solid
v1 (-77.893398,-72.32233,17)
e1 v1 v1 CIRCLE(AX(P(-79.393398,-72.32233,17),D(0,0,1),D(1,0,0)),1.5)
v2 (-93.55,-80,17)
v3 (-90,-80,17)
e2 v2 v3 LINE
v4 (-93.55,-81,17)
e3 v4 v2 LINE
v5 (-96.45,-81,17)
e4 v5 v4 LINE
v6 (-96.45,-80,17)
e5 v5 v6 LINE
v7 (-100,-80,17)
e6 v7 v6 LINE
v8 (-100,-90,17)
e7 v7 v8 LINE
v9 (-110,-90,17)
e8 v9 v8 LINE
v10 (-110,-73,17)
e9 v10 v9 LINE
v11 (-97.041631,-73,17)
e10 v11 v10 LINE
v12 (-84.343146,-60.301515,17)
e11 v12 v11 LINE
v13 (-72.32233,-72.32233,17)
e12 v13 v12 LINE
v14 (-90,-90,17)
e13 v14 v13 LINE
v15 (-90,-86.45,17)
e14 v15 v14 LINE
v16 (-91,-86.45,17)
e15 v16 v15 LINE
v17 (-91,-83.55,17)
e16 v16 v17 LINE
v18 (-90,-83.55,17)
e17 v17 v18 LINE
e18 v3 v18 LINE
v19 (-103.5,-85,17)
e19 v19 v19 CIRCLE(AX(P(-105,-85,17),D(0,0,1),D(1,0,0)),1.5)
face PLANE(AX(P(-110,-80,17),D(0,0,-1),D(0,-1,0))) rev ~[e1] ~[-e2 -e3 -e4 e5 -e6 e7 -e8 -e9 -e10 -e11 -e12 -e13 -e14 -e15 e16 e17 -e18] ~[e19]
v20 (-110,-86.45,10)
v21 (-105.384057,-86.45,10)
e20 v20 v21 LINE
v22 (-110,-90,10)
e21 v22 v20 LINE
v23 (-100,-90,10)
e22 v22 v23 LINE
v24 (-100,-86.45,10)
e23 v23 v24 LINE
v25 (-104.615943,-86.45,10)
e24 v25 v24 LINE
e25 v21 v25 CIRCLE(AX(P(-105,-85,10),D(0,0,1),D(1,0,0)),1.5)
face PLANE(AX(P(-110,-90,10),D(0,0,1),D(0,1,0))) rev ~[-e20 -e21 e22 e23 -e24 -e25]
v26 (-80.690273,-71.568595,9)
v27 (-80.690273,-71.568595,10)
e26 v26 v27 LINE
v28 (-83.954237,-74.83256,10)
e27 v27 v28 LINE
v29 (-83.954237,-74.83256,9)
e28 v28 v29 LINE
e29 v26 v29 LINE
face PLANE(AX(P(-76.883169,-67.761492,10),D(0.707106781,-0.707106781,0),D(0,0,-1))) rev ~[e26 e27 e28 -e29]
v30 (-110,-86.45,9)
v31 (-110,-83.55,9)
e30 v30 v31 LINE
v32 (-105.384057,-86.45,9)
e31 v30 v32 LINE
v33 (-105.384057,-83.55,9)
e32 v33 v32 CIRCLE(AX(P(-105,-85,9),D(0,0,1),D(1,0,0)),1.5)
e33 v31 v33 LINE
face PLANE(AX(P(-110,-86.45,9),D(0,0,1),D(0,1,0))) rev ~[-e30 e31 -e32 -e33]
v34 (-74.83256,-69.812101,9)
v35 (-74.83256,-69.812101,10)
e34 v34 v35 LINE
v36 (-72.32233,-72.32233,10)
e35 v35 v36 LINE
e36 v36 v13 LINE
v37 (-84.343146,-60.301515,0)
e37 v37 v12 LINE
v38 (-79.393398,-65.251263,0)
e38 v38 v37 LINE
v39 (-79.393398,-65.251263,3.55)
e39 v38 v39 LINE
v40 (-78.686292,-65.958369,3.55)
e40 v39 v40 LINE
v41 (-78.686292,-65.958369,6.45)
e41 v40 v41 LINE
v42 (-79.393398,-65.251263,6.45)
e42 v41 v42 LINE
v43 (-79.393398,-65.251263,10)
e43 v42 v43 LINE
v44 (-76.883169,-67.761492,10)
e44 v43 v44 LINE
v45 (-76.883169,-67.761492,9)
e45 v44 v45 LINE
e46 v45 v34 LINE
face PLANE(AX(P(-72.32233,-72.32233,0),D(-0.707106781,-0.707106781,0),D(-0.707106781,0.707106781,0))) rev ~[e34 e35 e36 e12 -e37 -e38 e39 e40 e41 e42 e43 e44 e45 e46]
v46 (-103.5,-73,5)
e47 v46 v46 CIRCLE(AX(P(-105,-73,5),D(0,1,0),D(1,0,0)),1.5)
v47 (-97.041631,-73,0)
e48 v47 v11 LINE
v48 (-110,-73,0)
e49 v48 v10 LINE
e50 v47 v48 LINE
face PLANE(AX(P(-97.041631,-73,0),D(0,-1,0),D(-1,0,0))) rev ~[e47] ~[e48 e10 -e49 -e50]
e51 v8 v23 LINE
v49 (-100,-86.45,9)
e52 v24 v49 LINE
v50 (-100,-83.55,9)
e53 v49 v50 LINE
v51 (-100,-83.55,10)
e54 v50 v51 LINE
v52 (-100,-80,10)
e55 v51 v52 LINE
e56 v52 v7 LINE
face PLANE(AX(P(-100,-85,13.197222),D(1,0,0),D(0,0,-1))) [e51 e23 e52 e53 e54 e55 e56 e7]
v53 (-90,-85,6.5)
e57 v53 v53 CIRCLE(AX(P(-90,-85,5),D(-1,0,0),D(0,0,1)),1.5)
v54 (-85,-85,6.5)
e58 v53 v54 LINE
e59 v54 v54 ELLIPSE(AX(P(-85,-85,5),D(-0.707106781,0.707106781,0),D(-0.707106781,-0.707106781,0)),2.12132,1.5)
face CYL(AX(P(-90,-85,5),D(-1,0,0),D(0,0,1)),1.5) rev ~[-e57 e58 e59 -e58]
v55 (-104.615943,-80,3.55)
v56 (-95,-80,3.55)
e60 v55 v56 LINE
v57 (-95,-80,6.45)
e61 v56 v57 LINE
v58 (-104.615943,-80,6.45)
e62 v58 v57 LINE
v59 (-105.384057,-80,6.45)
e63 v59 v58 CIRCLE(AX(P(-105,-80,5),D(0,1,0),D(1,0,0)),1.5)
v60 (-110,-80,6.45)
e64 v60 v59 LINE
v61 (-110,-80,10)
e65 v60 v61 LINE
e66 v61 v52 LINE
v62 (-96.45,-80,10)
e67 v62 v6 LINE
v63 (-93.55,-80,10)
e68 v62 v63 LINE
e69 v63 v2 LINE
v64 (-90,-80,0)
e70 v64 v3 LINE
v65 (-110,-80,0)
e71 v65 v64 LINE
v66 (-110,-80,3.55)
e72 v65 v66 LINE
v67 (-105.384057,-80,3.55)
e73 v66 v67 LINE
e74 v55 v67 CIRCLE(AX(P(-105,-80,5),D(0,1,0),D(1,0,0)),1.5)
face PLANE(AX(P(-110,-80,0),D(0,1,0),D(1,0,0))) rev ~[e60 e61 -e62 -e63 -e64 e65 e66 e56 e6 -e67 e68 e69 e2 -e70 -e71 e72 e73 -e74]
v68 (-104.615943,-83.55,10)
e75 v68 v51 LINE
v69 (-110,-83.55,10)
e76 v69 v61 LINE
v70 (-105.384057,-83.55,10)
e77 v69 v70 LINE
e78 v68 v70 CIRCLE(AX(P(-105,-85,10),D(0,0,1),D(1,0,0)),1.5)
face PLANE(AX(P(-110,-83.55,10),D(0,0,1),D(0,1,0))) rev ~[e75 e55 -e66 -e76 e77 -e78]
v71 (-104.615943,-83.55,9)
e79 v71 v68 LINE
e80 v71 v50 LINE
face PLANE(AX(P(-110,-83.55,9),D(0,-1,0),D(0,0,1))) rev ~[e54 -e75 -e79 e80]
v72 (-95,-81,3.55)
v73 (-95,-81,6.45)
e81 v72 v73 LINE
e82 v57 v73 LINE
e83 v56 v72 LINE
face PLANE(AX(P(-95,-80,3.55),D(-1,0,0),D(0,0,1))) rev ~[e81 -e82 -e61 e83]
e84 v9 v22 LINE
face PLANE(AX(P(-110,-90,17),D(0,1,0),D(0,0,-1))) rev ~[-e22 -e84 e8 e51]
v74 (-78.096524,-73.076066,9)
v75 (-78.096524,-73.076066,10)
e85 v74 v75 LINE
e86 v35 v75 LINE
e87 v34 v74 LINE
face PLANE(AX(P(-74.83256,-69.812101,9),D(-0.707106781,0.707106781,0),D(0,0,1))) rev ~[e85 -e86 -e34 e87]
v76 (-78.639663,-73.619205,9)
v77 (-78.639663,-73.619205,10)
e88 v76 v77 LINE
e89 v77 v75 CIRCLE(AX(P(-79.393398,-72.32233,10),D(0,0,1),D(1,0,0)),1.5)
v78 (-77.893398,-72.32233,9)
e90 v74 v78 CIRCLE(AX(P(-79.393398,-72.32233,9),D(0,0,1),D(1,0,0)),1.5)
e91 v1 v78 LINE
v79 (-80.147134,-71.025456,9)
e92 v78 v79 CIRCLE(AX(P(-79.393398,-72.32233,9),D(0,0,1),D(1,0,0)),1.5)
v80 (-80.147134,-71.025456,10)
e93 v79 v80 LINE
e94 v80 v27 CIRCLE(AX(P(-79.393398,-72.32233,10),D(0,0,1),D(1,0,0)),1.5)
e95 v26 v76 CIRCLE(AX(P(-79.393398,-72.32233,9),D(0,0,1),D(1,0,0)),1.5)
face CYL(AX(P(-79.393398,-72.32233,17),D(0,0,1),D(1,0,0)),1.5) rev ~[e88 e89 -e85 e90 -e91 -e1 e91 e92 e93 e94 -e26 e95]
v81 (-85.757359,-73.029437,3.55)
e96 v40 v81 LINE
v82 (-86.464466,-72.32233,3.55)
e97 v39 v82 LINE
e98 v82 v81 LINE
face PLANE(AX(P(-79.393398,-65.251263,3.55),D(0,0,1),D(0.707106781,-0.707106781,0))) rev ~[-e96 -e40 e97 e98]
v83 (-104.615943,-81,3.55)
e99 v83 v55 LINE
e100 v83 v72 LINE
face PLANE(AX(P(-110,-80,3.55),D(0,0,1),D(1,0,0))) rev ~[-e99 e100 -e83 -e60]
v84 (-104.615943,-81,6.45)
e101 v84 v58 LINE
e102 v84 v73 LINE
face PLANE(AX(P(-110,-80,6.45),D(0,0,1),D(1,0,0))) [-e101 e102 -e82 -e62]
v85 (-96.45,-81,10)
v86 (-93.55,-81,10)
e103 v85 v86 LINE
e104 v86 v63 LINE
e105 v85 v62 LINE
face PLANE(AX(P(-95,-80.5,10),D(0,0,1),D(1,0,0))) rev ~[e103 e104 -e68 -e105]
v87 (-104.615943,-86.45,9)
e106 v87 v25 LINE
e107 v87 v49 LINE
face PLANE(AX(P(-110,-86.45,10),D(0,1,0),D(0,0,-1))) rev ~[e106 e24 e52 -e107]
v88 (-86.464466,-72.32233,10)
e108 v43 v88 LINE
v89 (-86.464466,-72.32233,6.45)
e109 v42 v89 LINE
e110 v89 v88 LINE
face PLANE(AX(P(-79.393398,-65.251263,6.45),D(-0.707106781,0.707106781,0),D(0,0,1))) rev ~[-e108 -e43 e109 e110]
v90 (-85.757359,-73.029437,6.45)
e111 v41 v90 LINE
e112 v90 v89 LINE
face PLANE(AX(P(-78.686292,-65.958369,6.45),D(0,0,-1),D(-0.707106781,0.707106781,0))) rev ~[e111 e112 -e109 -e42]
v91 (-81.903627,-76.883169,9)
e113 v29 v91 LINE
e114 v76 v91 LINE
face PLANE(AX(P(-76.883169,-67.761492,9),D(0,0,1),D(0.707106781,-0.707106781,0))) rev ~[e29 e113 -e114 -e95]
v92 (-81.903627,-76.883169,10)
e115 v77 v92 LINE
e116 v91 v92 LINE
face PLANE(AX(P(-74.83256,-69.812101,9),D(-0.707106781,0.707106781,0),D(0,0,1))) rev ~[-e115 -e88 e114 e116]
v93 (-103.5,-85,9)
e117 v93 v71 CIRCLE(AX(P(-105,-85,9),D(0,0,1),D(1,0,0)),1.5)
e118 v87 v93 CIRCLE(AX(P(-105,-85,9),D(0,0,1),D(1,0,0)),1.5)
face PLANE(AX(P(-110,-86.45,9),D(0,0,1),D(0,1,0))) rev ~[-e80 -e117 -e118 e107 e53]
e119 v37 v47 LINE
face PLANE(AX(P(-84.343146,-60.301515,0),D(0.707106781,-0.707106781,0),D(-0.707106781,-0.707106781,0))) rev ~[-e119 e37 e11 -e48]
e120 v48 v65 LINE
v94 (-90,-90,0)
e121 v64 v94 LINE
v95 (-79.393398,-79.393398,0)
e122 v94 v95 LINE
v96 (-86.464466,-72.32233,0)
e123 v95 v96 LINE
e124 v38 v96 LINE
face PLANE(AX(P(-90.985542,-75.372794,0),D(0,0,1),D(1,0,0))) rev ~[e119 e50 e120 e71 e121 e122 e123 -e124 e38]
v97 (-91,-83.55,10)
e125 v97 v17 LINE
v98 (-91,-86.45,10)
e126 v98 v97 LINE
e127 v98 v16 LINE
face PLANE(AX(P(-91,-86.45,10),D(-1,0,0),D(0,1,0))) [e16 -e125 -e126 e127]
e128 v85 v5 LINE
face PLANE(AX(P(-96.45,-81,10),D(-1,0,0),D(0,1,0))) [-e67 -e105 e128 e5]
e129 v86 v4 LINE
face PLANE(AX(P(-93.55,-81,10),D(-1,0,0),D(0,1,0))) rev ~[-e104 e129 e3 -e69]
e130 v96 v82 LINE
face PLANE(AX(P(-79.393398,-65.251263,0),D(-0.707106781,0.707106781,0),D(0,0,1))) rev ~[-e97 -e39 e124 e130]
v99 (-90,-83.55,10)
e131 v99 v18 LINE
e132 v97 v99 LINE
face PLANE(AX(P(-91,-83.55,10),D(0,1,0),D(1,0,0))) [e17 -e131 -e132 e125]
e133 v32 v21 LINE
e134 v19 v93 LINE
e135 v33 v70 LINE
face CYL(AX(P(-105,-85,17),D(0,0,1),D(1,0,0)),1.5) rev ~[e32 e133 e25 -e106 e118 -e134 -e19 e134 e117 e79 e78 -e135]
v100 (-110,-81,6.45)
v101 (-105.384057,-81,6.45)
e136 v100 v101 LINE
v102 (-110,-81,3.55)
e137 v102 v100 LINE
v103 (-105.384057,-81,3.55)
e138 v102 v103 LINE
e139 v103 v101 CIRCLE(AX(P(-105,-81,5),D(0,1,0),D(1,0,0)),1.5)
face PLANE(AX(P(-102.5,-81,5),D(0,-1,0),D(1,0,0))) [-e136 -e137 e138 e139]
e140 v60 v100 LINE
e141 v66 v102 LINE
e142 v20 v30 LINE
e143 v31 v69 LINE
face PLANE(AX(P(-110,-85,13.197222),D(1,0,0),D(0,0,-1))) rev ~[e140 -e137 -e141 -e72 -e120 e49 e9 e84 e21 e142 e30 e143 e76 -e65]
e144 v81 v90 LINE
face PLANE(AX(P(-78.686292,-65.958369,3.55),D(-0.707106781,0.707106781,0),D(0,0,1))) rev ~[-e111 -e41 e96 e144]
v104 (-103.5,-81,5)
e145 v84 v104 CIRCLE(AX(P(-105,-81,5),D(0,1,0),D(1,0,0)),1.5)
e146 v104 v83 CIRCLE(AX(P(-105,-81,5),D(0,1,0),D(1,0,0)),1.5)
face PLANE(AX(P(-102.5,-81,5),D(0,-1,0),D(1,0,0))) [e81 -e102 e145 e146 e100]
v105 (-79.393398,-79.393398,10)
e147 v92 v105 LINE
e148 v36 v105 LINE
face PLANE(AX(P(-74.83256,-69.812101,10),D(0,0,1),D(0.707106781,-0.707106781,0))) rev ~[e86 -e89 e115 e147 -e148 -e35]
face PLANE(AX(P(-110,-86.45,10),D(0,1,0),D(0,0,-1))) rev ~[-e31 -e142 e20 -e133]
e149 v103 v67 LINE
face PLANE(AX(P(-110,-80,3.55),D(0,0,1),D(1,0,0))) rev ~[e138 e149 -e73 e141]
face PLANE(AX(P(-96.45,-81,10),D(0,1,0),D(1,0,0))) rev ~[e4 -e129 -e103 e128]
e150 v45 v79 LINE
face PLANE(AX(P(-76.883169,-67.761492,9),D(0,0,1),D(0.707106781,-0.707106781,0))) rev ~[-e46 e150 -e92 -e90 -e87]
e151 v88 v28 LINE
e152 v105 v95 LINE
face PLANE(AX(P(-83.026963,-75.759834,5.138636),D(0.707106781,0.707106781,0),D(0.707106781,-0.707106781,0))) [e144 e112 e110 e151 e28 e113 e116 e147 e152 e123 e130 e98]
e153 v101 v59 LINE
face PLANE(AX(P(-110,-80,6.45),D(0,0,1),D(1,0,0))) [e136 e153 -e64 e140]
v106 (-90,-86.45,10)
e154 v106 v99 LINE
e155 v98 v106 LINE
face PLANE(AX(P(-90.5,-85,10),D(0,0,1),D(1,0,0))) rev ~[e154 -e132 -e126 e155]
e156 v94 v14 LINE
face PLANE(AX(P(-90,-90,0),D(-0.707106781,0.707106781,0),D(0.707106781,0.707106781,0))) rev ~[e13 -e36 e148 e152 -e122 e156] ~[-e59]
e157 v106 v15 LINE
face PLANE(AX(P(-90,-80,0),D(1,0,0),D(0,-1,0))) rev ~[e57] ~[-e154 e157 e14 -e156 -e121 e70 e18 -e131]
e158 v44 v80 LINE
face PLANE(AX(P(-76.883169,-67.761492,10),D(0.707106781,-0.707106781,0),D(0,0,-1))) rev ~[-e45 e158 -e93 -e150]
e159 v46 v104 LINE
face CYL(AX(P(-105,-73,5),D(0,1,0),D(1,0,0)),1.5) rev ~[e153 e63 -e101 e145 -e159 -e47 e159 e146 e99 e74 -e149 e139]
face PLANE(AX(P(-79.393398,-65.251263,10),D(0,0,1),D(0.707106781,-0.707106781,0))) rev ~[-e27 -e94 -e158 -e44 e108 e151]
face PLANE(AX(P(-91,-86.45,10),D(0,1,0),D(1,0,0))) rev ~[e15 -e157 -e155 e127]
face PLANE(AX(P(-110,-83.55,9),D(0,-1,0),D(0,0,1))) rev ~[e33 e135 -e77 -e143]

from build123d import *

# Parameters (mm, degrees)
MAIN_DEPTH          = 17
CUT_EXTRUDE1_DEPTH  = 10
SKETCH3_R           = 1.5
CUT_EXTRUDE2_DEPTH  = 18
SKETCH4_W           = 2.9
SKETCH4_H           = 1
SKETCH4_W_2         = 1
SKETCH4_H_2         = 2.9
BOSS_EXTRUDE1_DEPTH = 7
SKETCH5_W           = 15
SKETCH5_H           = 2.9
BOSS_EXTRUDE2_DEPTH = 1
SKETCH6_R           = 1.5
CUT_EXTRUDE3_DEPTH  = 18
BOSS_EXTRUDE3_DEPTH = 10
SKETCH8_R           = 1.5
CUT_EXTRUDE4_DEPTH  = 18
SKETCH9_R           = 1.5
CUT_EXTRUDE5_DEPTH  = 18.67766953


with BuildPart() as part:
    # Sketch1 → Main (new body)
    with BuildSketch(Plane.XY):
        Polygon((-90, -90), (-72.32233047, -72.32233047), (-84.343145751, -60.30151519), (-97.04163056, -73), (-110, -73), (-110, -80), (-90, -80), align=None)
    extrude(amount=MAIN_DEPTH)

    # Sketch2 → Cut-Extrude1 (cut)
    with BuildSketch(Plane(origin=(-72.32233047, -72.32233047, 0), x_dir=(0.707106781, -0.707106781, 0), z_dir=(0.707106781, 0.707106781, 0))):
        Polygon((-3.55, -10), (0, -10), (0, 0), (-10, 0), (-10, -3.55), (-9, -3.55), (-9, -6.45), (-10, -6.45), (-10, -10), (-6.45, -10), (-6.45, -9), (-3.55, -9), align=None)
    extrude(amount=-CUT_EXTRUDE1_DEPTH, mode=Mode.SUBTRACT)

    # Sketch3 → Cut-Extrude2 (cut, through all)
    with BuildSketch(Plane.XY.offset(17)):
        with Locations((-79.393398282, -72.32233047)):
            Circle(SKETCH3_R)
    extrude(amount=-CUT_EXTRUDE2_DEPTH, mode=Mode.SUBTRACT)

    # Sketch4 → Boss-Extrude1 (add)
    with BuildSketch(Plane.XY.offset(10)):
        with Locations((-95, -80.5)):
            Rectangle(SKETCH4_W, SKETCH4_H)
        with Locations((-90.5, -85)):
            Rectangle(SKETCH4_W_2, SKETCH4_H_2)
    extrude(amount=BOSS_EXTRUDE1_DEPTH)

    # Sketch5 → Boss-Extrude2 (add)
    with BuildSketch(Plane.XZ.offset(80)):
        with Locations((-102.5, 5)):
            Rectangle(SKETCH5_W, SKETCH5_H)
    extrude(amount=BOSS_EXTRUDE2_DEPTH)

    # Sketch6 → Cut-Extrude3 (cut, through all)
    with BuildSketch(Plane(origin=(0, -73, 0), x_dir=(1, 0, 0), z_dir=(0, 1, 0))):
        with Locations((-105, -5)):
            Circle(SKETCH6_R)
    extrude(amount=-CUT_EXTRUDE3_DEPTH, mode=Mode.SUBTRACT)

    # Sketch7 → Boss-Extrude3 (add)
    with BuildSketch(Plane.ZY.offset(110)):
        Polygon((17, -80), (17, -90), (10, -90), (10, -86.45), (9, -86.45), (9, -83.55), (10, -83.55), (10, -80), align=None)
    extrude(amount=-BOSS_EXTRUDE3_DEPTH)

    # Sketch8 → Cut-Extrude4 (cut, through all)
    with BuildSketch(Plane.XY.offset(17)):
        with Locations((-105, -85)):
            Circle(SKETCH8_R)
    extrude(amount=-CUT_EXTRUDE4_DEPTH, mode=Mode.SUBTRACT)

    # Sketch9 → Cut-Extrude5 (cut, through all)
    with BuildSketch(Plane.ZY.offset(90)):
        with Locations((5, -85)):
            Circle(SKETCH9_R)
    extrude(amount=-CUT_EXTRUDE5_DEPTH, mode=Mode.SUBTRACT)


solid = part.part
